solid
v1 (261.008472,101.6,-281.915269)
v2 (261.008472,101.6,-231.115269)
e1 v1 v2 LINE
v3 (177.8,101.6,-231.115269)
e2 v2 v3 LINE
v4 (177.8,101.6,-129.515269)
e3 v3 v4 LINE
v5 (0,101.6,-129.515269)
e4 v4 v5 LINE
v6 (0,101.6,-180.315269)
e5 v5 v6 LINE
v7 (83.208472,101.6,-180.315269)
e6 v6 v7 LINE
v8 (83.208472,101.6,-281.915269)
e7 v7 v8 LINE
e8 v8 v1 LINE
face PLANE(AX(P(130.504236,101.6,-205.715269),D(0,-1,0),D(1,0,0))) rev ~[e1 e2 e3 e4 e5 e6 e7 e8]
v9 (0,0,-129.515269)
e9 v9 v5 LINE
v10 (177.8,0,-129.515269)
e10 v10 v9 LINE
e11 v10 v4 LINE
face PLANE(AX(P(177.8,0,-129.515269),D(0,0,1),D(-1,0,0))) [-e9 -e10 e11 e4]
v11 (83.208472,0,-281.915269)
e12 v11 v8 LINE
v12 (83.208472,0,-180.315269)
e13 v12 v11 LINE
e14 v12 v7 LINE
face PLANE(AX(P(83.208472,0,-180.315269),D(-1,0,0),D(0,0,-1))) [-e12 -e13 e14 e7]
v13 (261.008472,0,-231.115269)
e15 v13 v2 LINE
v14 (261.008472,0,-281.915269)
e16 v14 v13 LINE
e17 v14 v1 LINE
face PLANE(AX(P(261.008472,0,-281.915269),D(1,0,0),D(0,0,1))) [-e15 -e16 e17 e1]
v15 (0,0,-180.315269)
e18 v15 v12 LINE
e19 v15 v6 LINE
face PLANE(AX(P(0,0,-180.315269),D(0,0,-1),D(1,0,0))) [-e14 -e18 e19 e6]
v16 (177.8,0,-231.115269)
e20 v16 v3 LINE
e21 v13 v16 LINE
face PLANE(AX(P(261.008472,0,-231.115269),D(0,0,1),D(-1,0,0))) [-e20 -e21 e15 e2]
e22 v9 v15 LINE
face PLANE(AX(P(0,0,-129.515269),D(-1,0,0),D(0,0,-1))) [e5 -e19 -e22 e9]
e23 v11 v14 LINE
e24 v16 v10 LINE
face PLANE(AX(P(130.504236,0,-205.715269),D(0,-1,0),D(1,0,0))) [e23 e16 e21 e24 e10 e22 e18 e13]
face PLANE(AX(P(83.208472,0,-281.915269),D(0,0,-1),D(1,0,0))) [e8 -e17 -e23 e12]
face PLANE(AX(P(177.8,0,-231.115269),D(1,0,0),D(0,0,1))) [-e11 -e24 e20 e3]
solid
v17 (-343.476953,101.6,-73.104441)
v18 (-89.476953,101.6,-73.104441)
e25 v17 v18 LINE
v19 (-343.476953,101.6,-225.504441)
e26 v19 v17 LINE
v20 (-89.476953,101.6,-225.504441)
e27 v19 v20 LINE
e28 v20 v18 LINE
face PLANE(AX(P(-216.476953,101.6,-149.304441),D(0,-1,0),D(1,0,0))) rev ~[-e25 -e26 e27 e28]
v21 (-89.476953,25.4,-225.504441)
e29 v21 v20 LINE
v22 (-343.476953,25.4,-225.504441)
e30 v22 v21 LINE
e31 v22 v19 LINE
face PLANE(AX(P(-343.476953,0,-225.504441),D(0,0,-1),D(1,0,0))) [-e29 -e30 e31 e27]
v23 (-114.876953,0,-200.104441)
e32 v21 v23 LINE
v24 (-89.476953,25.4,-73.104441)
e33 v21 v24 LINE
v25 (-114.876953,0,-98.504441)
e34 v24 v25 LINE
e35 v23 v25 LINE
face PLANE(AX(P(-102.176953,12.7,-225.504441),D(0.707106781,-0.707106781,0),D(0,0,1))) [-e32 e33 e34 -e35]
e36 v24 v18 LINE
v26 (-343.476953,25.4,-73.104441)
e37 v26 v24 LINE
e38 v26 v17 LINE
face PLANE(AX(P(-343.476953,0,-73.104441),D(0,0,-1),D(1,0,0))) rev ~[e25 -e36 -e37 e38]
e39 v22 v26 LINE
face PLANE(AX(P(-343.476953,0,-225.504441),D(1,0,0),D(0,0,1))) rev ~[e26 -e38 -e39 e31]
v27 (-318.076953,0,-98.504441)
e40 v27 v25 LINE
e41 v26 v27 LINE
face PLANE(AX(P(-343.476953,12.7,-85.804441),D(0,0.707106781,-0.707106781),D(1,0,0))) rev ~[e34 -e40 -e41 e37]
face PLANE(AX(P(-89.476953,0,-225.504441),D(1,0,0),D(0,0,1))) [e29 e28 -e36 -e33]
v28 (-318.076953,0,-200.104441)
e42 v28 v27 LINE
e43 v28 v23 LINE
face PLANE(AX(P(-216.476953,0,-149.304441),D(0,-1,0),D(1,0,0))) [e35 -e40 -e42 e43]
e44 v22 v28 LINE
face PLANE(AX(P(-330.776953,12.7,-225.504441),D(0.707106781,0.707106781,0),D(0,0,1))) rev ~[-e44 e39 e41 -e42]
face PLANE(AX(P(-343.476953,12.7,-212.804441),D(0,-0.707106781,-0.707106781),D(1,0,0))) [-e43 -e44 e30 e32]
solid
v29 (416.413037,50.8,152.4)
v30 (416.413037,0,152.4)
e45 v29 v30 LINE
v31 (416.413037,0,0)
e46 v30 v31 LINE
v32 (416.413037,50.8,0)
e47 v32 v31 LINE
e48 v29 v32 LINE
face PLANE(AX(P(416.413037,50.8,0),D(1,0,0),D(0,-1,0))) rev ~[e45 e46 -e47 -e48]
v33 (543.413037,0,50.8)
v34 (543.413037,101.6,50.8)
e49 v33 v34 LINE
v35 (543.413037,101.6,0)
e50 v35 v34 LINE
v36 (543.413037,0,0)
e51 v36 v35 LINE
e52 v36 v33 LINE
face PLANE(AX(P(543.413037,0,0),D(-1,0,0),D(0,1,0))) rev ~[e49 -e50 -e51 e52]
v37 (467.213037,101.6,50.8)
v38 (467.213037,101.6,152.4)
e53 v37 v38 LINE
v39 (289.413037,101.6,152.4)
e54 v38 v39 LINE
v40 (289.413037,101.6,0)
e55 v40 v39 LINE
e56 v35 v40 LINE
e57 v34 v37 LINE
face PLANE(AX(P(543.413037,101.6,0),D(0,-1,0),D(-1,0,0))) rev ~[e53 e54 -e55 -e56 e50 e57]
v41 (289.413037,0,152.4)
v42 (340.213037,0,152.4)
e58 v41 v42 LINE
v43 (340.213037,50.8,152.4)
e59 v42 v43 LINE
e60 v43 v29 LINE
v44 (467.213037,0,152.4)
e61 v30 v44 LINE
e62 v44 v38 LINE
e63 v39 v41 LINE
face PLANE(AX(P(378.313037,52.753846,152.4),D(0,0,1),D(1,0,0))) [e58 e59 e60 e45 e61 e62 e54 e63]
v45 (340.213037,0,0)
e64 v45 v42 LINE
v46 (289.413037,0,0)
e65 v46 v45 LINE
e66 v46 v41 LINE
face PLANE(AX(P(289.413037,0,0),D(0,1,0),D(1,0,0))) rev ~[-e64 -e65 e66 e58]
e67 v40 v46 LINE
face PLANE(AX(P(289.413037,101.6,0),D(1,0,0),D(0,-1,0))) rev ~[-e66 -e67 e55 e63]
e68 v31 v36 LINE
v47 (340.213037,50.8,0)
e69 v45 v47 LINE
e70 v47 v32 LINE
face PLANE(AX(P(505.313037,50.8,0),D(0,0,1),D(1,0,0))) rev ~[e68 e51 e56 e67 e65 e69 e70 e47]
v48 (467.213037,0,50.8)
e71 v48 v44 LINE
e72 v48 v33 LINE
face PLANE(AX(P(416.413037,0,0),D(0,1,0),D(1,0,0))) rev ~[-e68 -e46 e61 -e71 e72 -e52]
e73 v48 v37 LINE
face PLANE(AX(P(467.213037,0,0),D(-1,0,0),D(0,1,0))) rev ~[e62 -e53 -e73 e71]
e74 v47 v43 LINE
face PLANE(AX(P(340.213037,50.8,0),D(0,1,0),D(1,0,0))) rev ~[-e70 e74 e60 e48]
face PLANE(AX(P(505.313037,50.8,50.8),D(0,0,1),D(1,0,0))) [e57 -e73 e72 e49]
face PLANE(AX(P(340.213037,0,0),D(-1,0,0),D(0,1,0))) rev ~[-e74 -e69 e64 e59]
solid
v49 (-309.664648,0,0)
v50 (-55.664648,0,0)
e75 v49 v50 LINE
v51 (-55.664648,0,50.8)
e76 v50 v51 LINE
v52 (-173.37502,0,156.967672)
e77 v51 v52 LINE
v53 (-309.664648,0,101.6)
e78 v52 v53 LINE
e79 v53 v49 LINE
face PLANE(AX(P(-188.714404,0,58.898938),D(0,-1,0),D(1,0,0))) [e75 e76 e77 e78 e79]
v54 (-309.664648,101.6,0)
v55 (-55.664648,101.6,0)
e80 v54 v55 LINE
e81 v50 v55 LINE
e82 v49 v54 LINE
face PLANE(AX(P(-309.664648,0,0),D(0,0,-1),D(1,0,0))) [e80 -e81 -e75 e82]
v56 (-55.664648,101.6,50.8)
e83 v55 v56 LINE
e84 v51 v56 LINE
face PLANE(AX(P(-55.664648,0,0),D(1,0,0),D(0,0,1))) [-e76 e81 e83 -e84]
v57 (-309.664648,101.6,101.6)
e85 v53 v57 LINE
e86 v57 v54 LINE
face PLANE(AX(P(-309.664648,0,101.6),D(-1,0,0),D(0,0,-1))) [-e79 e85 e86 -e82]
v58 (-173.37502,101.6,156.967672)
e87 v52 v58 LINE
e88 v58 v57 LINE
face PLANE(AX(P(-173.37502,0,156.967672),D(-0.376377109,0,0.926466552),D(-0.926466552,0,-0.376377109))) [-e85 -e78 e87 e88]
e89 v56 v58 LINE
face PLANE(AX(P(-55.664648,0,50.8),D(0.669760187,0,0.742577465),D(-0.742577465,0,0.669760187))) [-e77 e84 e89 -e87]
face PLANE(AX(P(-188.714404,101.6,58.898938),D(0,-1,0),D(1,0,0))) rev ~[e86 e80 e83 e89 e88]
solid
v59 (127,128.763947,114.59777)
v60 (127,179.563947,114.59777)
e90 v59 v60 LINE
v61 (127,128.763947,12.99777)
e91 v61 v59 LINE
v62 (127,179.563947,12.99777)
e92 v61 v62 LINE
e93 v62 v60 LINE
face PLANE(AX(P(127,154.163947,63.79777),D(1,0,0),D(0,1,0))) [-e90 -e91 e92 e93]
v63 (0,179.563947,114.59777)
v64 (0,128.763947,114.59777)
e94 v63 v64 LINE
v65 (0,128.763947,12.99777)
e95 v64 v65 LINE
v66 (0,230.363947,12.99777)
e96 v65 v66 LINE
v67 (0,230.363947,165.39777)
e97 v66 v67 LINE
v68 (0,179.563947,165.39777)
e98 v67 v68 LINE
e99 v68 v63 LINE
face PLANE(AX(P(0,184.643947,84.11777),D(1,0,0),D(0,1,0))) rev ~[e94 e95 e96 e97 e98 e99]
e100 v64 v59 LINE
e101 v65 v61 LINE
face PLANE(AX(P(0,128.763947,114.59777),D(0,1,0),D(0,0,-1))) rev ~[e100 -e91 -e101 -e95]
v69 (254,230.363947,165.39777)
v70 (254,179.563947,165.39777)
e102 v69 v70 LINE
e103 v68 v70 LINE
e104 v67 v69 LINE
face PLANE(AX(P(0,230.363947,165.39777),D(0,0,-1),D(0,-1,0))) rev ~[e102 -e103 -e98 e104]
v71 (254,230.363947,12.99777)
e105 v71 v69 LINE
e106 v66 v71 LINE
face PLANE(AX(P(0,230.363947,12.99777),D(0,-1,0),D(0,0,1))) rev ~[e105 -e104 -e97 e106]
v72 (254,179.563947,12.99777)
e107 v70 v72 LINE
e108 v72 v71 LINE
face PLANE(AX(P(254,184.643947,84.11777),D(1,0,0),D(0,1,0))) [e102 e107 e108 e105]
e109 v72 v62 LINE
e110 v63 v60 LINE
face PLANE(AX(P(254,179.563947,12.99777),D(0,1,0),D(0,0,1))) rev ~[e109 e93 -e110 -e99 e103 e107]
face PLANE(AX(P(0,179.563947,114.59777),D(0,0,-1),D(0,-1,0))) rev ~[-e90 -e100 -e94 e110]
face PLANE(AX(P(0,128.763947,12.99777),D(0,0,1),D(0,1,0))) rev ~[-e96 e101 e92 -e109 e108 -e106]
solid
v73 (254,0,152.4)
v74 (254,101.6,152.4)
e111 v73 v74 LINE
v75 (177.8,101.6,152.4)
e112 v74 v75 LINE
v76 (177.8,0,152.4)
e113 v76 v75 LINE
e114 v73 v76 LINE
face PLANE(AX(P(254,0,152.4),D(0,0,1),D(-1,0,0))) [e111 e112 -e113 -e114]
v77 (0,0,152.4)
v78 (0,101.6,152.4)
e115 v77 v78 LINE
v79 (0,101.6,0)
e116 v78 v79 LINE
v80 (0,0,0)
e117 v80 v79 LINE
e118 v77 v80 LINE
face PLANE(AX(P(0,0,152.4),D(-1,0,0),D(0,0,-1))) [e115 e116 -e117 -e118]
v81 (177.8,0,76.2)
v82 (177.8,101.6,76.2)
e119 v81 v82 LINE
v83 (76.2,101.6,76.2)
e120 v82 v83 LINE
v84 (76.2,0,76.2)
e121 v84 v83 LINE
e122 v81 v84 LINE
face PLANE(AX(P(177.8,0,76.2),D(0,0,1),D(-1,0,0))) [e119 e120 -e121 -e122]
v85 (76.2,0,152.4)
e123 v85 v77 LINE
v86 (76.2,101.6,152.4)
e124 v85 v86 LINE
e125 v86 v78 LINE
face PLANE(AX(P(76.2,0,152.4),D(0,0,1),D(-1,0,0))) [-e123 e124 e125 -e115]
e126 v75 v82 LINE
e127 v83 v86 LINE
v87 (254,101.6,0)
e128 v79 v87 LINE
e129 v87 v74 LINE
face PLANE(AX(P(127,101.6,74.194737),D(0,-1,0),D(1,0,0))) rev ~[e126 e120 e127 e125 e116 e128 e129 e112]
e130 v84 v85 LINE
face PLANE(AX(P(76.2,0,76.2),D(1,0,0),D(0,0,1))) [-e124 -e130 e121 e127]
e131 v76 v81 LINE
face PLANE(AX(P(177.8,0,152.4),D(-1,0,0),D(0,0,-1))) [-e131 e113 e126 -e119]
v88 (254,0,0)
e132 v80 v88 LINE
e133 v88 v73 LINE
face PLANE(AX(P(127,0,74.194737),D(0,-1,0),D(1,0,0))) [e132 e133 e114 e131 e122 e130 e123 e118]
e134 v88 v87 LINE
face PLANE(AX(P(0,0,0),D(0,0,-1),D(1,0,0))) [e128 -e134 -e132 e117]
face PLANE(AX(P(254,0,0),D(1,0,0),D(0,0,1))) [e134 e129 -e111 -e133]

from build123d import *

# Parameters (mm, degrees)
F1_DEPTH  = 101.6
F3_DEPTH  = 254
F4_W      = 50.8
F4_H      = 101.6
F5_DEPTH  = 127
F7_DEPTH  = 152.4
F6_W      = 76.2
F6_H      = 101.6
F8_DEPTH  = 50.8
F10_DEPTH = 101.6
F12_DEPTH = 101.6
F13_W     = 254
F13_H     = 152.4
F13_W_2   = 203.2
F13_H_2   = 101.6
F14_DEPTH = 101.6
F15_SIZE  = 25.4


with BuildPart() as f1:
    # F0 (on Front) → F1 (new body)
    with BuildSketch(Plane.XZ):
        Polygon((0, 152.4), (0, 0), (254, 0), (254, 152.4), (177.8, 152.4), (177.8, 76.2), (76.2, 76.2), (76.2, 152.4), align=None)
    extrude(amount=-F1_DEPTH)


with BuildPart() as f3:
    # F2 (on Right) → F3 (new body)
    with BuildSketch(Plane.YZ):
        Polygon((230.363947, 12.99777), (230.363947, 165.39777), (179.563947, 165.39777), (179.563947, 114.59777), (128.763947, 114.59777), (128.763947, 12.99777), align=None)
    extrude(amount=F3_DEPTH)

    # F4 (on face) → F5 (cut)
    with BuildSketch(Plane.YZ.offset(254)):
        with Locations((154.163947, 63.79777)):
            Rectangle(F4_W, F4_H)
    extrude(amount=-F5_DEPTH, mode=Mode.SUBTRACT)


with BuildPart() as f7:
    # F6 (on Top) → F7 (new body)
    with BuildSketch(Plane.XY):
        Polygon((416.413037, 0), (467.213037, 0), (467.213037, 101.6), (289.413037, 101.6), (289.413037, 0), (340.213037, 0), (340.213037, 50.8), (416.413037, 50.8), align=None)
    extrude(amount=F7_DEPTH)

    # F6 (on Top) → F8 (join)
    with BuildSketch(Plane.XY):
        with Locations((505.313037, 50.8)):
            Rectangle(F6_W, F6_H)
        Polygon((416.413037, 0), (467.213037, 0), (467.213037, 101.6), (289.413037, 101.6), (289.413037, 0), (340.213037, 0), (340.213037, 50.8), (416.413037, 50.8), align=None)
    extrude(amount=F8_DEPTH)


with BuildPart() as f10:
    # F9 (on Front) → F10 (new body)
    with BuildSketch(Plane.XZ):
        Polygon((177.8, -129.515269), (0, -129.515269), (0, -180.315269), (83.208472, -180.315269), (83.208472, -281.915269), (261.008472, -281.915269), (261.008472, -231.115269), (177.8, -231.115269), align=None)
    extrude(amount=-F10_DEPTH)


with BuildPart() as f12:
    # F11 (on Front) → F12 (new body)
    with BuildSketch(Plane.XZ):
        Polygon((-309.664648, 0), (-55.664648, 0), (-55.664648, 50.8), (-173.37502, 156.967672), (-309.664648, 101.6), align=None)
    extrude(amount=-F12_DEPTH)


with BuildPart() as f14:
    # F13 (on Front) → F14 (new body)
    with BuildSketch(Plane.XZ):
        with Locations((-216.476953, -149.304441)):
            Rectangle(F13_W, F13_H)
        with Locations((-222.070536, -144.596387)):
            Rectangle(F13_W_2, F13_H_2, mode=Mode.SUBTRACT)
        with Locations((-222.070536, -144.596387)):
            Rectangle(F13_W_2, F13_H_2)
    extrude(amount=-F14_DEPTH)

    # F15
    f15_edges = [f14.edges().sort_by_distance(p)[0] for p in [
        (-89.476953, 0, -149.304441),
        (-216.476953, 0, -73.104441),
        (-343.476953, 0, -149.304441),
        (-216.476953, 0, -225.504441),
    ]]
    chamfer(f15_edges, length=F15_SIZE)


solid = Compound([f1.part, f3.part, f7.part, f10.part, f12.part, f14.part])
